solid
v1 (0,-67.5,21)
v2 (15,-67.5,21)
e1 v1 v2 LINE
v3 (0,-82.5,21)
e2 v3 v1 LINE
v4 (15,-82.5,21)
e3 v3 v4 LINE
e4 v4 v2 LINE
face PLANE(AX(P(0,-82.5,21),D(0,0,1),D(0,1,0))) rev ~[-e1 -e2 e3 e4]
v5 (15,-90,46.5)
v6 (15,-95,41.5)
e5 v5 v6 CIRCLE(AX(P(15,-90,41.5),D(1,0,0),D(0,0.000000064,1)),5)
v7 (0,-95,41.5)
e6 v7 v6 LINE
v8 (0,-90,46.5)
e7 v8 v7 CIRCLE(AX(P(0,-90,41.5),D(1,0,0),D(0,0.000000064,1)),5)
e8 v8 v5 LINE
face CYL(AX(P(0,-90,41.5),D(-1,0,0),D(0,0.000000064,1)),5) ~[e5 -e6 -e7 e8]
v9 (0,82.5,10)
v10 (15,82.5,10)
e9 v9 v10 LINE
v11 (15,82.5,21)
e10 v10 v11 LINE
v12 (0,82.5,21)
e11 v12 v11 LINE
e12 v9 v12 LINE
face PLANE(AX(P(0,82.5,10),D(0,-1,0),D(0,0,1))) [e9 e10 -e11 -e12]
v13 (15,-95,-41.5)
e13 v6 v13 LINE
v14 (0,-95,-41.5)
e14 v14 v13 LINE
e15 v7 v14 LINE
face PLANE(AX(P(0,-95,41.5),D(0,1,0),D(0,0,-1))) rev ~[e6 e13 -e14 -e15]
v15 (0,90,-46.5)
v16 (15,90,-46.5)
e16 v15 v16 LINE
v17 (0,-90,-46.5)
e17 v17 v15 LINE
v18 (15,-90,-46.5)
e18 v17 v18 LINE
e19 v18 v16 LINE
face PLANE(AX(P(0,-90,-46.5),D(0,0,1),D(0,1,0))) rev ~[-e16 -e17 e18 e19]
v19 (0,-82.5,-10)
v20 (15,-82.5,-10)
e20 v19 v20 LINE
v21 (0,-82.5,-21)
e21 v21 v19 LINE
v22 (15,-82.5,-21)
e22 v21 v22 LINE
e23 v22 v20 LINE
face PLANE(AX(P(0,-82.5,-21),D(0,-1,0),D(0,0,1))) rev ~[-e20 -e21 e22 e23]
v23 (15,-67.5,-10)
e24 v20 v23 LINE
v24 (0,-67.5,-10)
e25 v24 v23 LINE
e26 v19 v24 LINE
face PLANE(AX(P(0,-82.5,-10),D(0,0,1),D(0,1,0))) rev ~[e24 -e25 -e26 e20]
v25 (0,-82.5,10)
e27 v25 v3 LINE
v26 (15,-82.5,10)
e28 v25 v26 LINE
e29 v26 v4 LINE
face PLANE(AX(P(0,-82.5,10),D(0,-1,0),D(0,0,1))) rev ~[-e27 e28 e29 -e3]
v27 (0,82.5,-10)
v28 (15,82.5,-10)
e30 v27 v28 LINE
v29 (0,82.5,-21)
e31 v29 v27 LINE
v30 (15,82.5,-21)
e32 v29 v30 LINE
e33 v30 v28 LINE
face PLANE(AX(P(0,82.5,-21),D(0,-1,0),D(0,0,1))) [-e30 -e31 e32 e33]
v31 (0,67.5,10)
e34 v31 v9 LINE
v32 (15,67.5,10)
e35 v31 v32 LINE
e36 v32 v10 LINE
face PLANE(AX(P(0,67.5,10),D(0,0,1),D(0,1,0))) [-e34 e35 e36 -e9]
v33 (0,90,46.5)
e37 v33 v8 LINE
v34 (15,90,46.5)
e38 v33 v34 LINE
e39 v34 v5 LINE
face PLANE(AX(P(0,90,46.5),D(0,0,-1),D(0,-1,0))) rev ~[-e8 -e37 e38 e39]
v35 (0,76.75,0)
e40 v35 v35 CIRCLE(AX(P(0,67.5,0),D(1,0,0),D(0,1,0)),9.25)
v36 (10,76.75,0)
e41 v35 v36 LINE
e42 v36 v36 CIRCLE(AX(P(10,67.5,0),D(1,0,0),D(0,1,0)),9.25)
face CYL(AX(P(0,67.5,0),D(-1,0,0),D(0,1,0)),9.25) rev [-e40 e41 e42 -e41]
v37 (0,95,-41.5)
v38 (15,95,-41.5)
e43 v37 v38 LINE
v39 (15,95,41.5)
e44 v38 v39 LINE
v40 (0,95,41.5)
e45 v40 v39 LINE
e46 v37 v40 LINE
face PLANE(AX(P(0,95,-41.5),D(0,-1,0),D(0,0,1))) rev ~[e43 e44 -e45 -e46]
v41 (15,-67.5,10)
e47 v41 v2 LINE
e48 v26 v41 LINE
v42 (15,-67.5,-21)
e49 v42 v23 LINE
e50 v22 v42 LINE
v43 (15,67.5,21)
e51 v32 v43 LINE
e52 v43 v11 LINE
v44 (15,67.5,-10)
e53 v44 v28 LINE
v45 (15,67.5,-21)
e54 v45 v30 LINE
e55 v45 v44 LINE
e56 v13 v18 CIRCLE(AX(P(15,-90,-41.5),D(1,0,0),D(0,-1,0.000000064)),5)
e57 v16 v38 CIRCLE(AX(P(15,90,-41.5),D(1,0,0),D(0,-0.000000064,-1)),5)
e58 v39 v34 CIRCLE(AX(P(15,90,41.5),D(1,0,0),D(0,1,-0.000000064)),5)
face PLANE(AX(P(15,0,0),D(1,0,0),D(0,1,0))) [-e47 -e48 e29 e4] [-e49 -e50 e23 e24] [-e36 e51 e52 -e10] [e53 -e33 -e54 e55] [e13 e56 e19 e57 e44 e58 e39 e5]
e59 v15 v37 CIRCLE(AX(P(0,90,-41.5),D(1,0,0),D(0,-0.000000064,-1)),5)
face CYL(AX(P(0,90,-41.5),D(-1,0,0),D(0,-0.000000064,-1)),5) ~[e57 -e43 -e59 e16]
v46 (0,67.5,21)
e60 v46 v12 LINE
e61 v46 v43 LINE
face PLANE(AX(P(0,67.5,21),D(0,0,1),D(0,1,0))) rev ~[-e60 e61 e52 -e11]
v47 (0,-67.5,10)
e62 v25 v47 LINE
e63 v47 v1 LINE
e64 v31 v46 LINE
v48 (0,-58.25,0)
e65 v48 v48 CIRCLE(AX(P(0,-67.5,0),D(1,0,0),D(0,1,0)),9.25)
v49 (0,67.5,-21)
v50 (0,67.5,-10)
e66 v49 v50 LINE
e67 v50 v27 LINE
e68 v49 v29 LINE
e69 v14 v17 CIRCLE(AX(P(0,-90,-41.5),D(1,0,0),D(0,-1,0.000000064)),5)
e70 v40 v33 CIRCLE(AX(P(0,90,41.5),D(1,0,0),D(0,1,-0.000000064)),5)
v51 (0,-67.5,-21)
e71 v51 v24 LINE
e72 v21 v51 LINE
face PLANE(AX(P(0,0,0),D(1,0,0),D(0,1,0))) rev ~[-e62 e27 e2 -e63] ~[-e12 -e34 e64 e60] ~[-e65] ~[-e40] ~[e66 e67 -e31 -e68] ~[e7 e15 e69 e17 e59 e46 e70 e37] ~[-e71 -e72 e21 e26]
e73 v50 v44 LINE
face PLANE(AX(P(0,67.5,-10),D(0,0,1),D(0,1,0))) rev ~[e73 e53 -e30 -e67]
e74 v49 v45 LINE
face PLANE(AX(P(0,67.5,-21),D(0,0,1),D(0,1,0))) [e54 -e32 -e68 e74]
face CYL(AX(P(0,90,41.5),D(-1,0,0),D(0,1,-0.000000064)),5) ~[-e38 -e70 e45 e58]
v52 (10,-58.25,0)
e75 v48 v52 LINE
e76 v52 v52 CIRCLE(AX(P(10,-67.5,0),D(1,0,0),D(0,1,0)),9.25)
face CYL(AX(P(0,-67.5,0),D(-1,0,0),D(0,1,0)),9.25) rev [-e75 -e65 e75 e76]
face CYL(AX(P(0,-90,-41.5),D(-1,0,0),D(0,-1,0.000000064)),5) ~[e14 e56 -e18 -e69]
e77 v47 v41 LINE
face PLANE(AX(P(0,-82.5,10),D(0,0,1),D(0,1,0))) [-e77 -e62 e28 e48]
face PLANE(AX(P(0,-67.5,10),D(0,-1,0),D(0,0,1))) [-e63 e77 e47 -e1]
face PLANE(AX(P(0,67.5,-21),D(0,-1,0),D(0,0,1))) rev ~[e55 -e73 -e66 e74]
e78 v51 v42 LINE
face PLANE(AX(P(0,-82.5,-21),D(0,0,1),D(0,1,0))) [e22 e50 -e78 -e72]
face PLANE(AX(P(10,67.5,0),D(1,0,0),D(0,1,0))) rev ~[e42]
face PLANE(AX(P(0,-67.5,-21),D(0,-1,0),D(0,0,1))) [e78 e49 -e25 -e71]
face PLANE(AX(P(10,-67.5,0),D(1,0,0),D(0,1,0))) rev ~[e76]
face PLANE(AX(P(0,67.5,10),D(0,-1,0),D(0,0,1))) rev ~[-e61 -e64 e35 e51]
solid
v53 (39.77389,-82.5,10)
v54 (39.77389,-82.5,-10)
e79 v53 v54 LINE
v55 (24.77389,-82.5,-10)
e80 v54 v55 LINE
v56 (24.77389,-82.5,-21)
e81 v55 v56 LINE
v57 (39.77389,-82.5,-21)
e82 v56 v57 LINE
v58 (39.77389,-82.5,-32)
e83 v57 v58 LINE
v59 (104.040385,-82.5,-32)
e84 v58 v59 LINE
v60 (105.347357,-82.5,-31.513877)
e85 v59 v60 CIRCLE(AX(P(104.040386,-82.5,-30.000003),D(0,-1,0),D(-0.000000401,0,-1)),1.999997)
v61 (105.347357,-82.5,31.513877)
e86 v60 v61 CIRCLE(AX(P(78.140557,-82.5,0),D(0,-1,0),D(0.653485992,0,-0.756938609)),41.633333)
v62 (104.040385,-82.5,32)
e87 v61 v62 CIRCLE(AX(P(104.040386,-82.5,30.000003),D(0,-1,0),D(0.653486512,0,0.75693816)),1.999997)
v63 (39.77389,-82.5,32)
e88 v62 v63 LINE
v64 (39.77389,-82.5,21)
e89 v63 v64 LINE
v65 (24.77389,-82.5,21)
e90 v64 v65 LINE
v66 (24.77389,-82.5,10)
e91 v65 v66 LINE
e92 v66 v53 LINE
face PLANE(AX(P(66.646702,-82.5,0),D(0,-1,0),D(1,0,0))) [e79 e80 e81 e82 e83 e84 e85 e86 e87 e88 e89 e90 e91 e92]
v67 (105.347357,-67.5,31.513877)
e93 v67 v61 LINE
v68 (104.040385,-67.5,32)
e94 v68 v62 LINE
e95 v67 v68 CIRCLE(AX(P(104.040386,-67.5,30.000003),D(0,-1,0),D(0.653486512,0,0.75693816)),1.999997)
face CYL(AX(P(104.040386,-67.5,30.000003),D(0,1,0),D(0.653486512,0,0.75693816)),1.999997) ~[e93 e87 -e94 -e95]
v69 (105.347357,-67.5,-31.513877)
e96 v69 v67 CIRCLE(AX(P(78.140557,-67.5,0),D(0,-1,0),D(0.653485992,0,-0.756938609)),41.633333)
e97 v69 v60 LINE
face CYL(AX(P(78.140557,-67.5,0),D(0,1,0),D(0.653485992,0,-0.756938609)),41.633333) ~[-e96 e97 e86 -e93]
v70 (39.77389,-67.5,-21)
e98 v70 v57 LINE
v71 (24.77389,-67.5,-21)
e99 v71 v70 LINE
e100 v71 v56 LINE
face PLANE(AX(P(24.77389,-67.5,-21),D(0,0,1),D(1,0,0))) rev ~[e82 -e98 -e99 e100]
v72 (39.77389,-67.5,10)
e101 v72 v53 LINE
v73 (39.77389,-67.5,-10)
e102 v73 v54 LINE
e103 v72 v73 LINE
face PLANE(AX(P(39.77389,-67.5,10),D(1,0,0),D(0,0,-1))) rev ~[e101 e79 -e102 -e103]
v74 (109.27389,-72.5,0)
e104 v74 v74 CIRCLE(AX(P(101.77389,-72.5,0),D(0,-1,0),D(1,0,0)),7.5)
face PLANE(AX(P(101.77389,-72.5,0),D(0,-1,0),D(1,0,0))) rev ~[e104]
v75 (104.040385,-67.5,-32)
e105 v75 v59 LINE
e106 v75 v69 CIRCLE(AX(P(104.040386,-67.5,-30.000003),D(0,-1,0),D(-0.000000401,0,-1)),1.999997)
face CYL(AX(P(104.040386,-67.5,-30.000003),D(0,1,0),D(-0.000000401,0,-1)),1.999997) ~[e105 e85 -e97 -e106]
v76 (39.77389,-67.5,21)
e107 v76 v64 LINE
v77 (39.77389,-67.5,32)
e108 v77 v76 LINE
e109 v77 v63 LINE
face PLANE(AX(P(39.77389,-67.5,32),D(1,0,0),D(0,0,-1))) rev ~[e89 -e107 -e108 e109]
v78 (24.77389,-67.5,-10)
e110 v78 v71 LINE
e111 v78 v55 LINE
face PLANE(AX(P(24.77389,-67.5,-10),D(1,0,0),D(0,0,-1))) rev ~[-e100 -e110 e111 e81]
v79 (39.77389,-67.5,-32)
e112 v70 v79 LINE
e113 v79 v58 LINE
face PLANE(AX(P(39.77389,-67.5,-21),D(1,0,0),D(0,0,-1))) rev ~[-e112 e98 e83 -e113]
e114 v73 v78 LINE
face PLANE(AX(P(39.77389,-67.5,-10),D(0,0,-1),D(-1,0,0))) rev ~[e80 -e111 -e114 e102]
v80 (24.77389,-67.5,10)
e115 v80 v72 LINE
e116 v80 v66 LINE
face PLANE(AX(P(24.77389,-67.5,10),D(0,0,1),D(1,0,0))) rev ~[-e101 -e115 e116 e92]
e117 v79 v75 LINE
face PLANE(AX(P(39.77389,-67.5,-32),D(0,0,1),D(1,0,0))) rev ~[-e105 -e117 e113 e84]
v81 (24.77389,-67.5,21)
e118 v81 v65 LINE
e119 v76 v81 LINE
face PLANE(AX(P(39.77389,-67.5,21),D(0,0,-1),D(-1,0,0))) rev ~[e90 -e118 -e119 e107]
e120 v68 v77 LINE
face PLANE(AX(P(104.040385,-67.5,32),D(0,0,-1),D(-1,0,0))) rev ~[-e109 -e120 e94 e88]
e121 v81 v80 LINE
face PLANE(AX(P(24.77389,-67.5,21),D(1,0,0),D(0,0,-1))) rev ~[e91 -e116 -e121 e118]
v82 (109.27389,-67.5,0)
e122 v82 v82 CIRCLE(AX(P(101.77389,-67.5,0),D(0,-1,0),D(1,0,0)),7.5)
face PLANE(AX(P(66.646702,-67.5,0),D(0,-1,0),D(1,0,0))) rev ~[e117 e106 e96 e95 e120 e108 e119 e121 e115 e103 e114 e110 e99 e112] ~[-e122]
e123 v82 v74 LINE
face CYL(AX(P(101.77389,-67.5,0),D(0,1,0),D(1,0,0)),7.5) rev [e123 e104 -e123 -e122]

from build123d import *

# Parameters (mm, degrees)
F0_W     = 15
F0_H     = 11
F0_R     = 9.25
F1_DEPTH = 15
F3_R     = 7.5
F4_DEPTH = 15
F5_DEPTH = 5
F6_DEPTH = 10


with BuildPart() as f1:
    # F0 (on Right) → F1 (new body)
    with BuildSketch(Plane.YZ):
        with BuildLine():
            Line((-90, -46.5), (90, -46.5))
            ThreePointArc((90, -46.5), (93.535534, -45.035534), (95, -41.5))
            Line((95, -41.5), (95, 41.5))
            ThreePointArc((95, 41.5), (93.535534, 45.035534), (90, 46.5))
            Line((90, 46.5), (-90, 46.5))
            ThreePointArc((-90, 46.5), (-93.535534, 45.035534), (-95, 41.5))
            Line((-95, 41.5), (-95, -41.5))
            ThreePointArc((-95, -41.5), (-93.535534, -45.035534), (-90, -46.5))
        make_face()
        with Locations((-75, -15.5)):
            Rectangle(F0_W, F0_H, mode=Mode.SUBTRACT)
        with Locations((75, -15.5)):
            Rectangle(F0_W, F0_H, mode=Mode.SUBTRACT)
        with Locations((-67.5, 0)):
            Circle(F0_R, mode=Mode.SUBTRACT)
        with Locations((-75, 15.5)):
            Rectangle(F0_W, F0_H, mode=Mode.SUBTRACT)
        with Locations((67.5, 0)):
            Circle(F0_R, mode=Mode.SUBTRACT)
        with Locations((75, 15.5)):
            Rectangle(F0_W, F0_H, mode=Mode.SUBTRACT)
        with Locations((-67.5, 0)):
            Circle(F0_R)
        with Locations((67.5, 0)):
            Circle(F0_R)
    extrude(amount=F1_DEPTH)

    # F0 (on Right) → F6 (cut)
    with BuildSketch(Plane.YZ):
        with Locations((67.5, 0)):
            Circle(F0_R)
        with Locations((-67.5, 0)):
            Circle(F0_R)
    extrude(amount=F6_DEPTH, mode=Mode.SUBTRACT)


with BuildPart() as f4:
    # F3 (on offset) → F4 (new body)
    with BuildSketch(Plane.XZ.offset(67.5)):
        with BuildLine():
            ThreePointArc((105.347357, 31.513877), (104.73761, 31.874534), (104.040385, 32))
            Line((104.040385, 32), (39.77389, 32))
            Line((39.77389, 32), (39.77389, 21))
            Line((39.77389, 21), (24.77389, 21))
            Line((24.77389, 21), (24.77389, 10))
            Line((24.77389, 10), (39.77389, 10))
            Line((39.77389, 10), (39.77389, -10))
            Line((39.77389, -10), (24.77389, -10))
            Line((24.77389, -10), (24.77389, -21))
            Line((24.77389, -21), (39.77389, -21))
            Line((39.77389, -21), (39.77389, -32))
            Line((39.77389, -32), (104.040385, -32))
            ThreePointArc((104.040385, -32), (104.73761, -31.874534), (105.347357, -31.513877))
            ThreePointArc((105.347357, -31.513877), (119.77389, 0), (105.347357, 31.513877))
        make_face()
        with Locations((101.77389, 0)):
            Circle(F3_R, mode=Mode.SUBTRACT)
        with Locations((101.77389, 0)):
            Circle(F3_R)
    extrude(amount=F4_DEPTH)

    # F3 (on offset) → F5 (cut)
    with BuildSketch(Plane.XZ.offset(67.5)):
        with Locations((101.77389, 0)):
            Circle(F3_R)
    extrude(amount=F5_DEPTH, mode=Mode.SUBTRACT)


solid = Compound([f1.part, f4.part])
